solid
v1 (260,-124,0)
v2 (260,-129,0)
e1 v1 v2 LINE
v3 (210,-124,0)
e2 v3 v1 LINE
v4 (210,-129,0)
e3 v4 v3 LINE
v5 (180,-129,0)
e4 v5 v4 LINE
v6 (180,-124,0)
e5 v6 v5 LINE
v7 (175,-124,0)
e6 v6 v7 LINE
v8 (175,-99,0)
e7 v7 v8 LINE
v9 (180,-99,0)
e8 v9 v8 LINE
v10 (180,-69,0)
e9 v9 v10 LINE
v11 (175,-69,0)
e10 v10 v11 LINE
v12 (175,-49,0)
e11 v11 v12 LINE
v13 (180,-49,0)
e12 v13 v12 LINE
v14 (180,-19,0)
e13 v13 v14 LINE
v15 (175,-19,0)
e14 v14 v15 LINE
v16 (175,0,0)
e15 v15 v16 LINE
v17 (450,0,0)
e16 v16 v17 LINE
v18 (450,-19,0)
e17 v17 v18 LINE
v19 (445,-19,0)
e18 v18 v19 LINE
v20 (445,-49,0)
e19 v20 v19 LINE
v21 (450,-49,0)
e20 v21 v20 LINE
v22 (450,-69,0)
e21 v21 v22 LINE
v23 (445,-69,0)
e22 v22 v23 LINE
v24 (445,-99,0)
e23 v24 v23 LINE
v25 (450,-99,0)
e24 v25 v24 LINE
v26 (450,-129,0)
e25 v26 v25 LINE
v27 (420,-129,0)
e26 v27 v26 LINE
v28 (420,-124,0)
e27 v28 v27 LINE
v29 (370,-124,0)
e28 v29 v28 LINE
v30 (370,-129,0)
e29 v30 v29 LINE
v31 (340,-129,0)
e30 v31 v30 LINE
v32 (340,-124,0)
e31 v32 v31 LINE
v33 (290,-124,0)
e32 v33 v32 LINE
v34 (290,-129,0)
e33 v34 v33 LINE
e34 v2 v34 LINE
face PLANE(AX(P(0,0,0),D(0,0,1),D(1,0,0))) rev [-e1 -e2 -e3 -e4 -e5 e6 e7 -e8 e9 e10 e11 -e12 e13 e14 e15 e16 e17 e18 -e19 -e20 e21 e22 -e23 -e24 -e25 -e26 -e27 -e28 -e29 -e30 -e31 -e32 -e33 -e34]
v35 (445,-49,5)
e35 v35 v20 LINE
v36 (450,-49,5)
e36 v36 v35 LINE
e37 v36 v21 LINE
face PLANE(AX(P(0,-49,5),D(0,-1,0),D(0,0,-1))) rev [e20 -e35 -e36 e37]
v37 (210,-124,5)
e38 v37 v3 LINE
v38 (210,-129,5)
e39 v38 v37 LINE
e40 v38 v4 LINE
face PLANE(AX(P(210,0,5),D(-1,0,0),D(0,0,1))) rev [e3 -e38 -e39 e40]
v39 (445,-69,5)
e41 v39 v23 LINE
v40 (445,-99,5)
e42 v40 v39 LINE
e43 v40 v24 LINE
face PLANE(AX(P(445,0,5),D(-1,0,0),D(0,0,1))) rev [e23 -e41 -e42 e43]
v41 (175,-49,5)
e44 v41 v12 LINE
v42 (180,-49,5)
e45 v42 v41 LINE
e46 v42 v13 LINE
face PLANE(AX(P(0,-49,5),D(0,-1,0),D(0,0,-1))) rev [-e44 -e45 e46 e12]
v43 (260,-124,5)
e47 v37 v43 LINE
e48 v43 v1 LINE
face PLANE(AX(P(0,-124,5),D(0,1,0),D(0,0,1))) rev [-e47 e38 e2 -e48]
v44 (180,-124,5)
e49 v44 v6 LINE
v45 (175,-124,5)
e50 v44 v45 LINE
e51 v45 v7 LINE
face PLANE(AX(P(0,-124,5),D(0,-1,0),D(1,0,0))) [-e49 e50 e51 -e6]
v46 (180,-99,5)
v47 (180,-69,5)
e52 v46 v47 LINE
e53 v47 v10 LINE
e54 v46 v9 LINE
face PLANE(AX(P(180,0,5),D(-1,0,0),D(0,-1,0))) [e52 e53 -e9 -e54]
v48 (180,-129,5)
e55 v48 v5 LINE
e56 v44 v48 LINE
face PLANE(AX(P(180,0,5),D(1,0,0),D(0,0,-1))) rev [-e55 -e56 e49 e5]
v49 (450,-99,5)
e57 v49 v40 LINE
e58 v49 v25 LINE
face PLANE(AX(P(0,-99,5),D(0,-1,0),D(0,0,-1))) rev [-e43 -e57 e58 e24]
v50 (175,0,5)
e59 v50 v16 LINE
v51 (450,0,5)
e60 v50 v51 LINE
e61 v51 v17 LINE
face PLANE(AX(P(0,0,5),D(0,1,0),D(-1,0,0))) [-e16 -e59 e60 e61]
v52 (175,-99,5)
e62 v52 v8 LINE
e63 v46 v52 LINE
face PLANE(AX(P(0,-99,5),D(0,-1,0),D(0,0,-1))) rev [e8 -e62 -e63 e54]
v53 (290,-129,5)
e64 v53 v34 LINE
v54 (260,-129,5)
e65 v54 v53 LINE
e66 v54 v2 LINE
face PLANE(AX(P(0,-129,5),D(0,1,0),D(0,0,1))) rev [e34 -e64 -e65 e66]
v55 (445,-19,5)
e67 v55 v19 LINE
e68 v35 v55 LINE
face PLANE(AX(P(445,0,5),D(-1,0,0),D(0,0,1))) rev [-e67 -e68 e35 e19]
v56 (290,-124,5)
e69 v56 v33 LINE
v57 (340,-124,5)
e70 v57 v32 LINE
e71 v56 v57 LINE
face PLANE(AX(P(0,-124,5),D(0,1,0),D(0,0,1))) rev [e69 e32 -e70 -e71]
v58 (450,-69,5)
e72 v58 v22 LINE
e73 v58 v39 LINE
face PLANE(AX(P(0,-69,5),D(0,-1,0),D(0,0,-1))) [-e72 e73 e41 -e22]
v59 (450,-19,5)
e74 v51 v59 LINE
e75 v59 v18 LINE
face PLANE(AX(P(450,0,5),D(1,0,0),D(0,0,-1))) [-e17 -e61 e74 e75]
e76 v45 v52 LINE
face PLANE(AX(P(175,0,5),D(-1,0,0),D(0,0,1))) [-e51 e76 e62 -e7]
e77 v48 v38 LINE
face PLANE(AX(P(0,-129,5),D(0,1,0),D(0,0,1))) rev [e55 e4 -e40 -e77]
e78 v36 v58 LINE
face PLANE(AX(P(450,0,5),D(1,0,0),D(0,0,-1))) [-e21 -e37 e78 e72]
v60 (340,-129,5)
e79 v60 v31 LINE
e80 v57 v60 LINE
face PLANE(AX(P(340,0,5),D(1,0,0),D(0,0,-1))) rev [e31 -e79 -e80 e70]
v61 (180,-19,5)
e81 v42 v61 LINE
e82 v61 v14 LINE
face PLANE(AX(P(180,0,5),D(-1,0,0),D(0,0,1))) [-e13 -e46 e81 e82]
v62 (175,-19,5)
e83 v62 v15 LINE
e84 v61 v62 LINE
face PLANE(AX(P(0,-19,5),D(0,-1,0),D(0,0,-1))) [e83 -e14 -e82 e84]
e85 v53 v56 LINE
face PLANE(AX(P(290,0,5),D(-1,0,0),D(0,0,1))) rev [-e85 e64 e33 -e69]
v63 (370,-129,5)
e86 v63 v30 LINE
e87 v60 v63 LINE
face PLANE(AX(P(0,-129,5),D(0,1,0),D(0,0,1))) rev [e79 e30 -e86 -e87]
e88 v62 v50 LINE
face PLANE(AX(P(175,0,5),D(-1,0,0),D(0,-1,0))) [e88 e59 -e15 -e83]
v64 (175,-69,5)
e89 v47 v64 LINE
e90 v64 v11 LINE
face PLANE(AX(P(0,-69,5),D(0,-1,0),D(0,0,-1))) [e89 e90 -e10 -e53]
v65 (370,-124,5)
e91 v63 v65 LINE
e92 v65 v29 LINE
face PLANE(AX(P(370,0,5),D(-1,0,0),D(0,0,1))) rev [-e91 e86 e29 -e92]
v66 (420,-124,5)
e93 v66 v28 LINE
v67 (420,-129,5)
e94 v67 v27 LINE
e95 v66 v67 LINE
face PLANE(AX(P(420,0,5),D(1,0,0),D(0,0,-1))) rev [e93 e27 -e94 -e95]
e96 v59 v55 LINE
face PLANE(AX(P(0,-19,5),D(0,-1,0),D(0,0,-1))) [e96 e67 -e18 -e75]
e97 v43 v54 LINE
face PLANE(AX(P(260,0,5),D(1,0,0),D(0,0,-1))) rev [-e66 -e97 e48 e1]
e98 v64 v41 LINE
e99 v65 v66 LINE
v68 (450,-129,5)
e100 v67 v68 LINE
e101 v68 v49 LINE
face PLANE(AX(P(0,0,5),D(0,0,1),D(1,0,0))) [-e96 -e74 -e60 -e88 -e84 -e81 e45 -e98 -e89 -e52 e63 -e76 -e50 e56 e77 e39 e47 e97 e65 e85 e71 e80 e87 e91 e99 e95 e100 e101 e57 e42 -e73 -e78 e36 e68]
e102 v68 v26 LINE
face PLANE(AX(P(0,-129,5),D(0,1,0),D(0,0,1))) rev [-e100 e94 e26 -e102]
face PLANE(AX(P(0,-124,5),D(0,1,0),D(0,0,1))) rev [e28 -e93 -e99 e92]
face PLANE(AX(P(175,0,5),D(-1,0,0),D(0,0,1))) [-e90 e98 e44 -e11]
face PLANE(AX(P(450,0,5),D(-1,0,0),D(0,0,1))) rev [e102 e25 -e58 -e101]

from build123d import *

# Parameters (mm, degrees)
BOSS_EXTRUDE1_DEPTH = 5


with BuildPart() as part:
    # Sketch1 → Boss-Extrude1 (new body)
    with BuildSketch(Plane.XY):
        Polygon((180, -49), (180, -19), (175, -19), (175, 0), (180, 0), (450, 0), (450, -19), (445, -19), (445, -49), (450, -49), (450, -69), (445, -69), (445, -99), (450, -99), (450, -124), (450, -129), (420, -129), (420, -124), (370, -124), (370, -129), (340, -129), (340, -124), (290, -124), (290, -129), (260, -129), (260, -124), (210, -124), (210, -129), (180, -129), (180, -124), (175, -124), (175, -99), (180, -99), (180, -69), (175, -69), (175, -49), align=None)
    extrude(amount=BOSS_EXTRUDE1_DEPTH)


solid = part.part
